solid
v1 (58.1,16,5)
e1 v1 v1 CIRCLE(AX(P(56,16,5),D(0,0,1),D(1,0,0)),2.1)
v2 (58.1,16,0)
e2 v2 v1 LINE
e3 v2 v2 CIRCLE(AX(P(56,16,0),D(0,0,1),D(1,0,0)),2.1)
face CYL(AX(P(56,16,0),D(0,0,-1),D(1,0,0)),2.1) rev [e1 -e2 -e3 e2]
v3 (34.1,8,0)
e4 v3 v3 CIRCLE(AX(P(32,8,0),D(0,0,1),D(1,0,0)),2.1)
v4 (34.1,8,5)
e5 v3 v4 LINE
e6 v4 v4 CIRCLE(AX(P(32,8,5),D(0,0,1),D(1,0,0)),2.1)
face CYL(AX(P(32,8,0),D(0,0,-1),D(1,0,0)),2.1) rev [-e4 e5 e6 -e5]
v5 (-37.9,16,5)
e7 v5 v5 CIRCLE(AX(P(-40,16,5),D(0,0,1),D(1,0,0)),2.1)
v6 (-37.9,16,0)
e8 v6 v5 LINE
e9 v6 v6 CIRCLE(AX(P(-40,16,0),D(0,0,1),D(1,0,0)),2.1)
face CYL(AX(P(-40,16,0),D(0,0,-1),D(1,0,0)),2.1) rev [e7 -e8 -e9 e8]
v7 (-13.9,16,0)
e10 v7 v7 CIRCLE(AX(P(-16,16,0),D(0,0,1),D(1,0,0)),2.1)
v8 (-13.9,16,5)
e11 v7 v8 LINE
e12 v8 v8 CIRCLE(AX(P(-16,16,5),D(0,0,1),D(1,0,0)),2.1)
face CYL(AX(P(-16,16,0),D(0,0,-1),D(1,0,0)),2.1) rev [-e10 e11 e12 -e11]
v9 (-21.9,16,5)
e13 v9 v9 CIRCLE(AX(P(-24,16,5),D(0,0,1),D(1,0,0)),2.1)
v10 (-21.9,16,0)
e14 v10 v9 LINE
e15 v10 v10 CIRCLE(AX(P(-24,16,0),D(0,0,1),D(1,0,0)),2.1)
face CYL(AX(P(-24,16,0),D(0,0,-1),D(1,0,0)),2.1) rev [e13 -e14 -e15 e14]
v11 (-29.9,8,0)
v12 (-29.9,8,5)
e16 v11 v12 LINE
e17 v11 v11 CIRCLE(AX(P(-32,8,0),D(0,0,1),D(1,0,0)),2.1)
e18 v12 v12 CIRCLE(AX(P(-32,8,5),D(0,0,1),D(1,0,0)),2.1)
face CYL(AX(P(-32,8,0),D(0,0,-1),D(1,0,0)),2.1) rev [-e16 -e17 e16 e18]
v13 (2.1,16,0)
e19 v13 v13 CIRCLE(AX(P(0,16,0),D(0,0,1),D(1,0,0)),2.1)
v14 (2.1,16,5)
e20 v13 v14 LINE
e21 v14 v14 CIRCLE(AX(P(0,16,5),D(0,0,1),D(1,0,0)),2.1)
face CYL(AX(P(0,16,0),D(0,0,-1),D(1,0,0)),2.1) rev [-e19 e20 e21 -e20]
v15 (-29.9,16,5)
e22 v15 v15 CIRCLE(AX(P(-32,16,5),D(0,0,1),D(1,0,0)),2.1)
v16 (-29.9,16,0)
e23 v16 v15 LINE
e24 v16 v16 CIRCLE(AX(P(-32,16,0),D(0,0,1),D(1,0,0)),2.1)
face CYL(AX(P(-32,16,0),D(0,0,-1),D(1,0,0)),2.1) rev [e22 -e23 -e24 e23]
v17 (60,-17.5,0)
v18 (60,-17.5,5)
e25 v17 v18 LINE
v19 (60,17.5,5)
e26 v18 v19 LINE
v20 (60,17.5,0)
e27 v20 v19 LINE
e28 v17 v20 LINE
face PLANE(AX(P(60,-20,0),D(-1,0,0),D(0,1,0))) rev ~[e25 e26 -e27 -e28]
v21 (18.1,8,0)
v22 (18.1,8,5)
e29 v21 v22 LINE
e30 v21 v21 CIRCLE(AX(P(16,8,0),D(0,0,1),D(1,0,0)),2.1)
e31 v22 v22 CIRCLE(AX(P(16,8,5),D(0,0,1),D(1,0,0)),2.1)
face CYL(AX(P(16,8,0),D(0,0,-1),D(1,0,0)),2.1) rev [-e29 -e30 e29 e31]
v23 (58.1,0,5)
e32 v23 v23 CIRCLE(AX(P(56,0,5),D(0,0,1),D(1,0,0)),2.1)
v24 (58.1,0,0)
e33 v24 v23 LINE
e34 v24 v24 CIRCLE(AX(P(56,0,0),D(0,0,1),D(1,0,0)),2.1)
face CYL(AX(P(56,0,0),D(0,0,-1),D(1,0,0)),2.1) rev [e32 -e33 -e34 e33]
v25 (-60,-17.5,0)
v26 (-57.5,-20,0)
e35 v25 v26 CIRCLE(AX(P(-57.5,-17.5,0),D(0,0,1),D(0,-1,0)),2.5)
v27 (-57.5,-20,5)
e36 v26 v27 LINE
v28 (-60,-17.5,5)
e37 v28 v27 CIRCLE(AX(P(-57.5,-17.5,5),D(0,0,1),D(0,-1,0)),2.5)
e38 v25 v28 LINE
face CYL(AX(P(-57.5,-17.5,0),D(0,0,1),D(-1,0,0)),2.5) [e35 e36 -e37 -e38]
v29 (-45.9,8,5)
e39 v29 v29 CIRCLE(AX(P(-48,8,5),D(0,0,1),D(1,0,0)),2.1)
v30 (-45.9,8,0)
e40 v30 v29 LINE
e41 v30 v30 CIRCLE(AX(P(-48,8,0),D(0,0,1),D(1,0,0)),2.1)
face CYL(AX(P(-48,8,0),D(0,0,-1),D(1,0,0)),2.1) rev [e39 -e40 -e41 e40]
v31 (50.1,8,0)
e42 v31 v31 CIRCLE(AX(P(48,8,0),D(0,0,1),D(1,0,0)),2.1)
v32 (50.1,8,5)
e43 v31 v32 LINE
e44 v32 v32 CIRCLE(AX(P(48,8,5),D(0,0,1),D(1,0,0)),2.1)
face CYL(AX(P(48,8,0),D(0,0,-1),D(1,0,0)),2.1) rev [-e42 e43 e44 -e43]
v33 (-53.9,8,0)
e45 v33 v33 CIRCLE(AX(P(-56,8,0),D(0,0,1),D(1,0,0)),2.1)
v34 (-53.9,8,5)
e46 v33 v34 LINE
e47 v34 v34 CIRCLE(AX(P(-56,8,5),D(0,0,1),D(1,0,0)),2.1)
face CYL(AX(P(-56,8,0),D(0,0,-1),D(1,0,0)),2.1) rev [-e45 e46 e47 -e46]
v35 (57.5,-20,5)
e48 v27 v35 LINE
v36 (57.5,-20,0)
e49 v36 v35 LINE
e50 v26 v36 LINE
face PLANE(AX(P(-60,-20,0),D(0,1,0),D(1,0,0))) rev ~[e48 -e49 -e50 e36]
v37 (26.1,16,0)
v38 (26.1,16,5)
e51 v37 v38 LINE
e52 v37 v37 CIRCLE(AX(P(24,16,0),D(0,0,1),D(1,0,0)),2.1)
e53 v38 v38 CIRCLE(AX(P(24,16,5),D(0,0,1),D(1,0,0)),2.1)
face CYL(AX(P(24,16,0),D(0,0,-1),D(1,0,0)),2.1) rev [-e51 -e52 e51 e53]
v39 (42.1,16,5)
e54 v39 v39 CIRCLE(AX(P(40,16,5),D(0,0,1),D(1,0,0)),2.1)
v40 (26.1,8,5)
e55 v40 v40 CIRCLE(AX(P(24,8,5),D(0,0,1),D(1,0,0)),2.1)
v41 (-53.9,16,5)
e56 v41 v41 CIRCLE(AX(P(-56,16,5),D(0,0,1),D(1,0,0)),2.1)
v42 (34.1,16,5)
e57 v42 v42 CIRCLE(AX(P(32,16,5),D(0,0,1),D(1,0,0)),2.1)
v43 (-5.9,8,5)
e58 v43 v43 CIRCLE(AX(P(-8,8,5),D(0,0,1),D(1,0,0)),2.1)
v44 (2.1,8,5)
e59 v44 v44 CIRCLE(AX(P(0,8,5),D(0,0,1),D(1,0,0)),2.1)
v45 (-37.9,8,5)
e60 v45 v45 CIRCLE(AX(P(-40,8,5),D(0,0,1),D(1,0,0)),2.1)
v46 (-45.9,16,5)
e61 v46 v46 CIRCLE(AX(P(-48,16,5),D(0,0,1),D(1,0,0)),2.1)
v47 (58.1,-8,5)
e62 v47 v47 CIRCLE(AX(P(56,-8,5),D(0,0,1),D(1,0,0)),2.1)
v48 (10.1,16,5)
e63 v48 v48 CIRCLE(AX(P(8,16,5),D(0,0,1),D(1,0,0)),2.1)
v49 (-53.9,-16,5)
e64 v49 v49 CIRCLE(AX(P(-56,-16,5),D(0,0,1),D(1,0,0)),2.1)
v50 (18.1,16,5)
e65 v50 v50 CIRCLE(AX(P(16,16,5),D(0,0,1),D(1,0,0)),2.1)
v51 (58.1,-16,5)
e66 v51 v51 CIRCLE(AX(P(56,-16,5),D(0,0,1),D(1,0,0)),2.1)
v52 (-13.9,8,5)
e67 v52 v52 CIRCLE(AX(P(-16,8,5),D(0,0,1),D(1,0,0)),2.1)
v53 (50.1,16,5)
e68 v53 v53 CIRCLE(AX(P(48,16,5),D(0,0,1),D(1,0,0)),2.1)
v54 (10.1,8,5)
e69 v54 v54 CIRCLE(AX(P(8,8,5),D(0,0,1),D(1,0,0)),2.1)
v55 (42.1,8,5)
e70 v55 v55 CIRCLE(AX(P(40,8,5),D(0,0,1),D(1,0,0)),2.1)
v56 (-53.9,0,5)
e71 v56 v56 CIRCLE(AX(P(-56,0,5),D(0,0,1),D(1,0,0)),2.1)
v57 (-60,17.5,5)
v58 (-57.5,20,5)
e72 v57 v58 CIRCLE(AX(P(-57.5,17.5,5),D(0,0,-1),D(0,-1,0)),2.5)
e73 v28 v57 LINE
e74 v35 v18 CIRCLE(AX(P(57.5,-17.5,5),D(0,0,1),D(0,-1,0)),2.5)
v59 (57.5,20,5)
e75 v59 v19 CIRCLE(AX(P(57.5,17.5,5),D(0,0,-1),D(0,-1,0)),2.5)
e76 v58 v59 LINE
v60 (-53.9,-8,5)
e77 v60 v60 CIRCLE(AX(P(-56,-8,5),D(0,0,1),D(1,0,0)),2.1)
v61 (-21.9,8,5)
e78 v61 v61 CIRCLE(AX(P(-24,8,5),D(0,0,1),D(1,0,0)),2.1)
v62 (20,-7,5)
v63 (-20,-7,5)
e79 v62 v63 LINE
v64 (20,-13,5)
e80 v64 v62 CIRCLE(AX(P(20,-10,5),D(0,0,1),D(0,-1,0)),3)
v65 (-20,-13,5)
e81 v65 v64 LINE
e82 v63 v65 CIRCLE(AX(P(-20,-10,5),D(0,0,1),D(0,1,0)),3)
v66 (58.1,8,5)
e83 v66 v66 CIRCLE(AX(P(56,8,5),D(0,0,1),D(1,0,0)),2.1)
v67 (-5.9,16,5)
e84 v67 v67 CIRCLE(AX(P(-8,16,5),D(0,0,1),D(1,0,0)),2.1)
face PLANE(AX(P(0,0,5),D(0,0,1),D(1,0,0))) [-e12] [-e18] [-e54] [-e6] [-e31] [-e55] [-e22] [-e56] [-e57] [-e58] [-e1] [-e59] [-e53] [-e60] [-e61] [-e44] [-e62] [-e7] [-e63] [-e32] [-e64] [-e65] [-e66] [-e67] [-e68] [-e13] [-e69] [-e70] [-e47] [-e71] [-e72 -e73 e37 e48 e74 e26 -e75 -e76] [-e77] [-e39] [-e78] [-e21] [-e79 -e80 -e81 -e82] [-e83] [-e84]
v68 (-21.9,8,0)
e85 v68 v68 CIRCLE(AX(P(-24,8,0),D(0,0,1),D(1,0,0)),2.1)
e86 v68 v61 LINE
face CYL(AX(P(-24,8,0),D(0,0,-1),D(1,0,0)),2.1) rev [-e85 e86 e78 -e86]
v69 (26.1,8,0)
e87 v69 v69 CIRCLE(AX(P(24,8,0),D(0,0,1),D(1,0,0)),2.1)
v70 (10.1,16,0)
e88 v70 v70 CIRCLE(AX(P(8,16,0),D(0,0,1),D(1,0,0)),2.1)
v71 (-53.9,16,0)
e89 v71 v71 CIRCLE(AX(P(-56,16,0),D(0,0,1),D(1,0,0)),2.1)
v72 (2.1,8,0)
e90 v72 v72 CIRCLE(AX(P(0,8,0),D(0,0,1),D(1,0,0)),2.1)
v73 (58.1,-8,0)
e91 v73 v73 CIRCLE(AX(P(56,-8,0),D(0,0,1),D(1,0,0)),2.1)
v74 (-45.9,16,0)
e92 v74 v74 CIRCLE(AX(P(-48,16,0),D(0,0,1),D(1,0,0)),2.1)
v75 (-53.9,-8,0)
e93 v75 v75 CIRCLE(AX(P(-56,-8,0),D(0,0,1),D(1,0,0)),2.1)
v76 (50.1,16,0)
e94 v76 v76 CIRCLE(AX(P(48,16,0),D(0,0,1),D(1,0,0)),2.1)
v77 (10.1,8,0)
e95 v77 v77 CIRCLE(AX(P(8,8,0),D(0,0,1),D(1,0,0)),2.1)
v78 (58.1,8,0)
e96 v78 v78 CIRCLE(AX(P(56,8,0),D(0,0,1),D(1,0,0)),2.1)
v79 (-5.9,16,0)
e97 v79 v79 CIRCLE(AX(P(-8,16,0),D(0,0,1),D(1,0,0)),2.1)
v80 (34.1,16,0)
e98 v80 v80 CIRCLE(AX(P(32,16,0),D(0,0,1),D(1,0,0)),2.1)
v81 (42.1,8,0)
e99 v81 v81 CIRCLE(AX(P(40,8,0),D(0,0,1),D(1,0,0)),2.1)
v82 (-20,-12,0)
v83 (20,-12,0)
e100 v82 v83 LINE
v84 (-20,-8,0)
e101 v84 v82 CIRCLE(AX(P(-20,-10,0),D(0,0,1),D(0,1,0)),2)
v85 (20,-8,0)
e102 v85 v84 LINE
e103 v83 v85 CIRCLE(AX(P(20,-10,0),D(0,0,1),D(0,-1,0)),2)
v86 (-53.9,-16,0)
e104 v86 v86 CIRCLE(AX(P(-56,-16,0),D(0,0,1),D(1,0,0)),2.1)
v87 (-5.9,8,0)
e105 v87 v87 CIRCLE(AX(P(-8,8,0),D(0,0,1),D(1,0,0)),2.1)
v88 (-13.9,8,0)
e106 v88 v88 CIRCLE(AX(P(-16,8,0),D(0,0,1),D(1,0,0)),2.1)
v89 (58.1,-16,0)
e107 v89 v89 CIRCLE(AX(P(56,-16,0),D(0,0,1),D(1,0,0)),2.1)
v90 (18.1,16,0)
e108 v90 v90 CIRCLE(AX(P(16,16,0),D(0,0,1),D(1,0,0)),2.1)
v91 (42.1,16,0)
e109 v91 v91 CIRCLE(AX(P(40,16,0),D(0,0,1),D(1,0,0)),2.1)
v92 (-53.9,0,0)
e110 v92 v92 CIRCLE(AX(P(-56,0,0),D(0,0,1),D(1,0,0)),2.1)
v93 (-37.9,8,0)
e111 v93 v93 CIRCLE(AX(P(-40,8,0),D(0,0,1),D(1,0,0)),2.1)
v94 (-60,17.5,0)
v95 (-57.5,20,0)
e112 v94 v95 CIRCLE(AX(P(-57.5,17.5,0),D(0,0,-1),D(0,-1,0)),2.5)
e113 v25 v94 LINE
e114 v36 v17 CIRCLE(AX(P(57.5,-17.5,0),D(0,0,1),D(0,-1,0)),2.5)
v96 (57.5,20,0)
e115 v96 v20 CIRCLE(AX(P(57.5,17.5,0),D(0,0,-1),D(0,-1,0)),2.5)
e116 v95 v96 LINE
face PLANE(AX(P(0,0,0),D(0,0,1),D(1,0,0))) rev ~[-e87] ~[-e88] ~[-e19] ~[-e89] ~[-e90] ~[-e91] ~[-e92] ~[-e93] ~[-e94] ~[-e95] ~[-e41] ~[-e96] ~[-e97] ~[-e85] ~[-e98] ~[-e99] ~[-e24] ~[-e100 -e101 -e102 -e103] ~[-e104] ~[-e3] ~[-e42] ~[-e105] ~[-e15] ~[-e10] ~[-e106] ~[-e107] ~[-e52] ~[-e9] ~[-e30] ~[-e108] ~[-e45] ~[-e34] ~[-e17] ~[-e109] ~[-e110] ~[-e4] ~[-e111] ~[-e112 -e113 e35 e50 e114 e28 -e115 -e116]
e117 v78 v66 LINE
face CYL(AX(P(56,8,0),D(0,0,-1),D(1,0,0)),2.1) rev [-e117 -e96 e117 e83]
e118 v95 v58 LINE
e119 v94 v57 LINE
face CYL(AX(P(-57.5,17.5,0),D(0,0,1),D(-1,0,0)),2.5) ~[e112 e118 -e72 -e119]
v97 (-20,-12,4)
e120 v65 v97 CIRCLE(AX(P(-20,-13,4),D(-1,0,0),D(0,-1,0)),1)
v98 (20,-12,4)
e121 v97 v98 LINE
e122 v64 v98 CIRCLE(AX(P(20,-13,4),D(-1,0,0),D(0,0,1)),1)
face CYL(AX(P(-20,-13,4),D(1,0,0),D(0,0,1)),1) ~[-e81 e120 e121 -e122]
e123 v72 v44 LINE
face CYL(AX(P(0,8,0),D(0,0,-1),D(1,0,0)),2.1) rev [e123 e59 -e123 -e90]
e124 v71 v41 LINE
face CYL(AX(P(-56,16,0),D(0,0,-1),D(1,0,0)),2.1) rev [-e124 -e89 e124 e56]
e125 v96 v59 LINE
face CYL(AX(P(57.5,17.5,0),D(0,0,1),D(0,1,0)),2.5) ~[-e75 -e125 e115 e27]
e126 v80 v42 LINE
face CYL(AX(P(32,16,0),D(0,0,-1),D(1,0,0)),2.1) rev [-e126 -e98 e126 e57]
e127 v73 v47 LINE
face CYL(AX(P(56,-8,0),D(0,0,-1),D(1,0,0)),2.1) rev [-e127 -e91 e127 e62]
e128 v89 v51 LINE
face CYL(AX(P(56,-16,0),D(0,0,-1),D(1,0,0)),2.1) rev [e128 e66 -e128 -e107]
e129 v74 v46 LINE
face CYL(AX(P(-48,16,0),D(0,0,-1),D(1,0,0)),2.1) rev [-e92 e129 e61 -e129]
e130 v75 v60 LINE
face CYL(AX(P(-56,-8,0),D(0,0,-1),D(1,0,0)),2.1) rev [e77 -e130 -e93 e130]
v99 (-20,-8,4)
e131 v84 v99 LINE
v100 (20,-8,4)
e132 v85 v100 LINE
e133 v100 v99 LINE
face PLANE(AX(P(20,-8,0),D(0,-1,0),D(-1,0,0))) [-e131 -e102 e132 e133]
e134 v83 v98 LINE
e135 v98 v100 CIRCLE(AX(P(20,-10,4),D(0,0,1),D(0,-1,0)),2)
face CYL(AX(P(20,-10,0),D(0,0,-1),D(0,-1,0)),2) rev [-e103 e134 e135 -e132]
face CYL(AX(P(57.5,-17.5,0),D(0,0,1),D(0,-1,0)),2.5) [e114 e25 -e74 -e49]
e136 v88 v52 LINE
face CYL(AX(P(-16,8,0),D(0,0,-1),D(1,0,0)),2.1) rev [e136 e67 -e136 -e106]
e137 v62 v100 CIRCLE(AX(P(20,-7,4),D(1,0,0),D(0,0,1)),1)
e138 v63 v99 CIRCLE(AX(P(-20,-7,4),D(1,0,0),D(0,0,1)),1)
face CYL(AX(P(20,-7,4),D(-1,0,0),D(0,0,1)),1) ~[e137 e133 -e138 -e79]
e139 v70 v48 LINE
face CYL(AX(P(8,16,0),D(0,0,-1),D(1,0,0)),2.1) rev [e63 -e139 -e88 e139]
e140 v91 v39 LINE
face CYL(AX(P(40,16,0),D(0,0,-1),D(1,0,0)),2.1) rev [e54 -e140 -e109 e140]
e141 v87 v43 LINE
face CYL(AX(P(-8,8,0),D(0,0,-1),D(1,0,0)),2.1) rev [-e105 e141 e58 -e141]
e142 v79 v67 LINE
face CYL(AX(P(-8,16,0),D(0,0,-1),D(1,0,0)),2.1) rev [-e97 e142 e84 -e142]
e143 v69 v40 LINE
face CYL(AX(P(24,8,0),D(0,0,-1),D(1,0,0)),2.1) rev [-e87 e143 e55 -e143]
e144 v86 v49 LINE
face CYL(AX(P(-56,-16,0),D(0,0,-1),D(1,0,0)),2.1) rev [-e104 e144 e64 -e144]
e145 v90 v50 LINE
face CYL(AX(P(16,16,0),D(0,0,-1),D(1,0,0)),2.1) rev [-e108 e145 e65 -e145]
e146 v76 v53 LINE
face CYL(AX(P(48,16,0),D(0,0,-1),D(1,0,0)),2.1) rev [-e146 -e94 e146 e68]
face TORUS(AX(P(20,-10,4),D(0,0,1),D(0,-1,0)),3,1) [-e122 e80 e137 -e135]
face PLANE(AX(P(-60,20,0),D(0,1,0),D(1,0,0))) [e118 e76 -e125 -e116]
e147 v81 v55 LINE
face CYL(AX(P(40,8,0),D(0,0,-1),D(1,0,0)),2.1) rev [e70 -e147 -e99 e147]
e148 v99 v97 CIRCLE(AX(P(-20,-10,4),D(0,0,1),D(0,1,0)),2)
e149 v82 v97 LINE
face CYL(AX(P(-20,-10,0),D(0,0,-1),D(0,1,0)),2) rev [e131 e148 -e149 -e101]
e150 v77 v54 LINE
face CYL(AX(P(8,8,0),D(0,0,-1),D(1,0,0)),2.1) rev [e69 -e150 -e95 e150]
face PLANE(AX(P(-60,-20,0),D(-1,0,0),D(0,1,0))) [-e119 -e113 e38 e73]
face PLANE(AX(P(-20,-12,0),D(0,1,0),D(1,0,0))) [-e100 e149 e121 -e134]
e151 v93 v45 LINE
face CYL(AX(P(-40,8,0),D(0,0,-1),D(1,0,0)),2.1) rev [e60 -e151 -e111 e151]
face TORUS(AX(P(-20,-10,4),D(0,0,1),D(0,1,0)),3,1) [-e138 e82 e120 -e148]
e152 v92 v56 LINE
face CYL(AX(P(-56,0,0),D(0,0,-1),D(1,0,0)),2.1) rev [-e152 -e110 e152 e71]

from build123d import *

# Parameters (mm, degrees)
SKETCH_1_W      = 120
SKETCH_1_H      = 40
SKETCH_1_R      = 2.1
EXTRUDE_1_DEPTH = 5
FILLET_1_R      = 2.5
FILLET_2_R      = 1


with BuildPart() as part:
    # 草图1 → 凸台-拉伸1 (new body)
    with BuildSketch(Plane.XY):
        Rectangle(SKETCH_1_W, SKETCH_1_H)
        with Locations((-56, -16)):
            Circle(SKETCH_1_R, mode=Mode.SUBTRACT)
        with Locations((-56, -8)):
            Circle(SKETCH_1_R, mode=Mode.SUBTRACT)
        with Locations((-56, 0)):
            Circle(SKETCH_1_R, mode=Mode.SUBTRACT)
        with Locations((-56, 8)):
            Circle(SKETCH_1_R, mode=Mode.SUBTRACT)
        with Locations((-56, 16)):
            Circle(SKETCH_1_R, mode=Mode.SUBTRACT)
        with Locations((56, 16)):
            Circle(SKETCH_1_R, mode=Mode.SUBTRACT)
        with Locations((56, 8)):
            Circle(SKETCH_1_R, mode=Mode.SUBTRACT)
        with Locations((56, 0)):
            Circle(SKETCH_1_R, mode=Mode.SUBTRACT)
        with Locations((56, -16)):
            Circle(SKETCH_1_R, mode=Mode.SUBTRACT)
        with Locations((56, -8)):
            Circle(SKETCH_1_R, mode=Mode.SUBTRACT)
        with Locations((-48, 16)):
            Circle(SKETCH_1_R, mode=Mode.SUBTRACT)
        with Locations((-48, 8)):
            Circle(SKETCH_1_R, mode=Mode.SUBTRACT)
        with Locations((-40, 16)):
            Circle(SKETCH_1_R, mode=Mode.SUBTRACT)
        with Locations((-40, 8)):
            Circle(SKETCH_1_R, mode=Mode.SUBTRACT)
        with Locations((-32, 16)):
            Circle(SKETCH_1_R, mode=Mode.SUBTRACT)
        with Locations((-32, 8)):
            Circle(SKETCH_1_R, mode=Mode.SUBTRACT)
        with Locations((-24, 16)):
            Circle(SKETCH_1_R, mode=Mode.SUBTRACT)
        with Locations((-24, 8)):
            Circle(SKETCH_1_R, mode=Mode.SUBTRACT)
        with Locations((-16, 16)):
            Circle(SKETCH_1_R, mode=Mode.SUBTRACT)
        with Locations((-16, 8)):
            Circle(SKETCH_1_R, mode=Mode.SUBTRACT)
        with Locations((-8, 16)):
            Circle(SKETCH_1_R, mode=Mode.SUBTRACT)
        with Locations((-8, 8)):
            Circle(SKETCH_1_R, mode=Mode.SUBTRACT)
        with Locations((0, 16)):
            Circle(SKETCH_1_R, mode=Mode.SUBTRACT)
        with Locations((0, 8)):
            Circle(SKETCH_1_R, mode=Mode.SUBTRACT)
        with Locations((8, 16)):
            Circle(SKETCH_1_R, mode=Mode.SUBTRACT)
        with Locations((8, 8)):
            Circle(SKETCH_1_R, mode=Mode.SUBTRACT)
        with Locations((16, 16)):
            Circle(SKETCH_1_R, mode=Mode.SUBTRACT)
        with Locations((16, 8)):
            Circle(SKETCH_1_R, mode=Mode.SUBTRACT)
        with Locations((24, 16)):
            Circle(SKETCH_1_R, mode=Mode.SUBTRACT)
        with Locations((24, 8)):
            Circle(SKETCH_1_R, mode=Mode.SUBTRACT)
        with Locations((32, 16)):
            Circle(SKETCH_1_R, mode=Mode.SUBTRACT)
        with Locations((32, 8)):
            Circle(SKETCH_1_R, mode=Mode.SUBTRACT)
        with Locations((40, 16)):
            Circle(SKETCH_1_R, mode=Mode.SUBTRACT)
        with Locations((40, 8)):
            Circle(SKETCH_1_R, mode=Mode.SUBTRACT)
        with Locations((48, 16)):
            Circle(SKETCH_1_R, mode=Mode.SUBTRACT)
        with Locations((48, 8)):
            Circle(SKETCH_1_R, mode=Mode.SUBTRACT)
        with BuildLine():
            Line((20, -8), (-20, -8))
            ThreePointArc((-20, -8), (-22, -10), (-20, -12))
            Line((-20, -12), (20, -12))
            ThreePointArc((20, -12), (22, -10), (20, -8))
        make_face(mode=Mode.SUBTRACT)
    extrude(amount=EXTRUDE_1_DEPTH)

    # 圆角1
    fillet_1_edges = [part.edges().sort_by_distance(p)[0] for p in [
        (60, -20, 2.5),
        (-60, -20, 2.5),
        (-60, 20, 2.5),
        (60, 20, 2.5),
    ]]
    fillet(fillet_1_edges, radius=FILLET_1_R)

    # 圆角2
    fillet_2_edges = [part.edges().sort_by_distance(p)[0] for p in [
        (0, -8, 5),
        (22, -10, 5),
        (0, -12, 5),
        (-22, -10, 5),
    ]]
    fillet(fillet_2_edges, radius=FILLET_2_R)


solid = part.part
